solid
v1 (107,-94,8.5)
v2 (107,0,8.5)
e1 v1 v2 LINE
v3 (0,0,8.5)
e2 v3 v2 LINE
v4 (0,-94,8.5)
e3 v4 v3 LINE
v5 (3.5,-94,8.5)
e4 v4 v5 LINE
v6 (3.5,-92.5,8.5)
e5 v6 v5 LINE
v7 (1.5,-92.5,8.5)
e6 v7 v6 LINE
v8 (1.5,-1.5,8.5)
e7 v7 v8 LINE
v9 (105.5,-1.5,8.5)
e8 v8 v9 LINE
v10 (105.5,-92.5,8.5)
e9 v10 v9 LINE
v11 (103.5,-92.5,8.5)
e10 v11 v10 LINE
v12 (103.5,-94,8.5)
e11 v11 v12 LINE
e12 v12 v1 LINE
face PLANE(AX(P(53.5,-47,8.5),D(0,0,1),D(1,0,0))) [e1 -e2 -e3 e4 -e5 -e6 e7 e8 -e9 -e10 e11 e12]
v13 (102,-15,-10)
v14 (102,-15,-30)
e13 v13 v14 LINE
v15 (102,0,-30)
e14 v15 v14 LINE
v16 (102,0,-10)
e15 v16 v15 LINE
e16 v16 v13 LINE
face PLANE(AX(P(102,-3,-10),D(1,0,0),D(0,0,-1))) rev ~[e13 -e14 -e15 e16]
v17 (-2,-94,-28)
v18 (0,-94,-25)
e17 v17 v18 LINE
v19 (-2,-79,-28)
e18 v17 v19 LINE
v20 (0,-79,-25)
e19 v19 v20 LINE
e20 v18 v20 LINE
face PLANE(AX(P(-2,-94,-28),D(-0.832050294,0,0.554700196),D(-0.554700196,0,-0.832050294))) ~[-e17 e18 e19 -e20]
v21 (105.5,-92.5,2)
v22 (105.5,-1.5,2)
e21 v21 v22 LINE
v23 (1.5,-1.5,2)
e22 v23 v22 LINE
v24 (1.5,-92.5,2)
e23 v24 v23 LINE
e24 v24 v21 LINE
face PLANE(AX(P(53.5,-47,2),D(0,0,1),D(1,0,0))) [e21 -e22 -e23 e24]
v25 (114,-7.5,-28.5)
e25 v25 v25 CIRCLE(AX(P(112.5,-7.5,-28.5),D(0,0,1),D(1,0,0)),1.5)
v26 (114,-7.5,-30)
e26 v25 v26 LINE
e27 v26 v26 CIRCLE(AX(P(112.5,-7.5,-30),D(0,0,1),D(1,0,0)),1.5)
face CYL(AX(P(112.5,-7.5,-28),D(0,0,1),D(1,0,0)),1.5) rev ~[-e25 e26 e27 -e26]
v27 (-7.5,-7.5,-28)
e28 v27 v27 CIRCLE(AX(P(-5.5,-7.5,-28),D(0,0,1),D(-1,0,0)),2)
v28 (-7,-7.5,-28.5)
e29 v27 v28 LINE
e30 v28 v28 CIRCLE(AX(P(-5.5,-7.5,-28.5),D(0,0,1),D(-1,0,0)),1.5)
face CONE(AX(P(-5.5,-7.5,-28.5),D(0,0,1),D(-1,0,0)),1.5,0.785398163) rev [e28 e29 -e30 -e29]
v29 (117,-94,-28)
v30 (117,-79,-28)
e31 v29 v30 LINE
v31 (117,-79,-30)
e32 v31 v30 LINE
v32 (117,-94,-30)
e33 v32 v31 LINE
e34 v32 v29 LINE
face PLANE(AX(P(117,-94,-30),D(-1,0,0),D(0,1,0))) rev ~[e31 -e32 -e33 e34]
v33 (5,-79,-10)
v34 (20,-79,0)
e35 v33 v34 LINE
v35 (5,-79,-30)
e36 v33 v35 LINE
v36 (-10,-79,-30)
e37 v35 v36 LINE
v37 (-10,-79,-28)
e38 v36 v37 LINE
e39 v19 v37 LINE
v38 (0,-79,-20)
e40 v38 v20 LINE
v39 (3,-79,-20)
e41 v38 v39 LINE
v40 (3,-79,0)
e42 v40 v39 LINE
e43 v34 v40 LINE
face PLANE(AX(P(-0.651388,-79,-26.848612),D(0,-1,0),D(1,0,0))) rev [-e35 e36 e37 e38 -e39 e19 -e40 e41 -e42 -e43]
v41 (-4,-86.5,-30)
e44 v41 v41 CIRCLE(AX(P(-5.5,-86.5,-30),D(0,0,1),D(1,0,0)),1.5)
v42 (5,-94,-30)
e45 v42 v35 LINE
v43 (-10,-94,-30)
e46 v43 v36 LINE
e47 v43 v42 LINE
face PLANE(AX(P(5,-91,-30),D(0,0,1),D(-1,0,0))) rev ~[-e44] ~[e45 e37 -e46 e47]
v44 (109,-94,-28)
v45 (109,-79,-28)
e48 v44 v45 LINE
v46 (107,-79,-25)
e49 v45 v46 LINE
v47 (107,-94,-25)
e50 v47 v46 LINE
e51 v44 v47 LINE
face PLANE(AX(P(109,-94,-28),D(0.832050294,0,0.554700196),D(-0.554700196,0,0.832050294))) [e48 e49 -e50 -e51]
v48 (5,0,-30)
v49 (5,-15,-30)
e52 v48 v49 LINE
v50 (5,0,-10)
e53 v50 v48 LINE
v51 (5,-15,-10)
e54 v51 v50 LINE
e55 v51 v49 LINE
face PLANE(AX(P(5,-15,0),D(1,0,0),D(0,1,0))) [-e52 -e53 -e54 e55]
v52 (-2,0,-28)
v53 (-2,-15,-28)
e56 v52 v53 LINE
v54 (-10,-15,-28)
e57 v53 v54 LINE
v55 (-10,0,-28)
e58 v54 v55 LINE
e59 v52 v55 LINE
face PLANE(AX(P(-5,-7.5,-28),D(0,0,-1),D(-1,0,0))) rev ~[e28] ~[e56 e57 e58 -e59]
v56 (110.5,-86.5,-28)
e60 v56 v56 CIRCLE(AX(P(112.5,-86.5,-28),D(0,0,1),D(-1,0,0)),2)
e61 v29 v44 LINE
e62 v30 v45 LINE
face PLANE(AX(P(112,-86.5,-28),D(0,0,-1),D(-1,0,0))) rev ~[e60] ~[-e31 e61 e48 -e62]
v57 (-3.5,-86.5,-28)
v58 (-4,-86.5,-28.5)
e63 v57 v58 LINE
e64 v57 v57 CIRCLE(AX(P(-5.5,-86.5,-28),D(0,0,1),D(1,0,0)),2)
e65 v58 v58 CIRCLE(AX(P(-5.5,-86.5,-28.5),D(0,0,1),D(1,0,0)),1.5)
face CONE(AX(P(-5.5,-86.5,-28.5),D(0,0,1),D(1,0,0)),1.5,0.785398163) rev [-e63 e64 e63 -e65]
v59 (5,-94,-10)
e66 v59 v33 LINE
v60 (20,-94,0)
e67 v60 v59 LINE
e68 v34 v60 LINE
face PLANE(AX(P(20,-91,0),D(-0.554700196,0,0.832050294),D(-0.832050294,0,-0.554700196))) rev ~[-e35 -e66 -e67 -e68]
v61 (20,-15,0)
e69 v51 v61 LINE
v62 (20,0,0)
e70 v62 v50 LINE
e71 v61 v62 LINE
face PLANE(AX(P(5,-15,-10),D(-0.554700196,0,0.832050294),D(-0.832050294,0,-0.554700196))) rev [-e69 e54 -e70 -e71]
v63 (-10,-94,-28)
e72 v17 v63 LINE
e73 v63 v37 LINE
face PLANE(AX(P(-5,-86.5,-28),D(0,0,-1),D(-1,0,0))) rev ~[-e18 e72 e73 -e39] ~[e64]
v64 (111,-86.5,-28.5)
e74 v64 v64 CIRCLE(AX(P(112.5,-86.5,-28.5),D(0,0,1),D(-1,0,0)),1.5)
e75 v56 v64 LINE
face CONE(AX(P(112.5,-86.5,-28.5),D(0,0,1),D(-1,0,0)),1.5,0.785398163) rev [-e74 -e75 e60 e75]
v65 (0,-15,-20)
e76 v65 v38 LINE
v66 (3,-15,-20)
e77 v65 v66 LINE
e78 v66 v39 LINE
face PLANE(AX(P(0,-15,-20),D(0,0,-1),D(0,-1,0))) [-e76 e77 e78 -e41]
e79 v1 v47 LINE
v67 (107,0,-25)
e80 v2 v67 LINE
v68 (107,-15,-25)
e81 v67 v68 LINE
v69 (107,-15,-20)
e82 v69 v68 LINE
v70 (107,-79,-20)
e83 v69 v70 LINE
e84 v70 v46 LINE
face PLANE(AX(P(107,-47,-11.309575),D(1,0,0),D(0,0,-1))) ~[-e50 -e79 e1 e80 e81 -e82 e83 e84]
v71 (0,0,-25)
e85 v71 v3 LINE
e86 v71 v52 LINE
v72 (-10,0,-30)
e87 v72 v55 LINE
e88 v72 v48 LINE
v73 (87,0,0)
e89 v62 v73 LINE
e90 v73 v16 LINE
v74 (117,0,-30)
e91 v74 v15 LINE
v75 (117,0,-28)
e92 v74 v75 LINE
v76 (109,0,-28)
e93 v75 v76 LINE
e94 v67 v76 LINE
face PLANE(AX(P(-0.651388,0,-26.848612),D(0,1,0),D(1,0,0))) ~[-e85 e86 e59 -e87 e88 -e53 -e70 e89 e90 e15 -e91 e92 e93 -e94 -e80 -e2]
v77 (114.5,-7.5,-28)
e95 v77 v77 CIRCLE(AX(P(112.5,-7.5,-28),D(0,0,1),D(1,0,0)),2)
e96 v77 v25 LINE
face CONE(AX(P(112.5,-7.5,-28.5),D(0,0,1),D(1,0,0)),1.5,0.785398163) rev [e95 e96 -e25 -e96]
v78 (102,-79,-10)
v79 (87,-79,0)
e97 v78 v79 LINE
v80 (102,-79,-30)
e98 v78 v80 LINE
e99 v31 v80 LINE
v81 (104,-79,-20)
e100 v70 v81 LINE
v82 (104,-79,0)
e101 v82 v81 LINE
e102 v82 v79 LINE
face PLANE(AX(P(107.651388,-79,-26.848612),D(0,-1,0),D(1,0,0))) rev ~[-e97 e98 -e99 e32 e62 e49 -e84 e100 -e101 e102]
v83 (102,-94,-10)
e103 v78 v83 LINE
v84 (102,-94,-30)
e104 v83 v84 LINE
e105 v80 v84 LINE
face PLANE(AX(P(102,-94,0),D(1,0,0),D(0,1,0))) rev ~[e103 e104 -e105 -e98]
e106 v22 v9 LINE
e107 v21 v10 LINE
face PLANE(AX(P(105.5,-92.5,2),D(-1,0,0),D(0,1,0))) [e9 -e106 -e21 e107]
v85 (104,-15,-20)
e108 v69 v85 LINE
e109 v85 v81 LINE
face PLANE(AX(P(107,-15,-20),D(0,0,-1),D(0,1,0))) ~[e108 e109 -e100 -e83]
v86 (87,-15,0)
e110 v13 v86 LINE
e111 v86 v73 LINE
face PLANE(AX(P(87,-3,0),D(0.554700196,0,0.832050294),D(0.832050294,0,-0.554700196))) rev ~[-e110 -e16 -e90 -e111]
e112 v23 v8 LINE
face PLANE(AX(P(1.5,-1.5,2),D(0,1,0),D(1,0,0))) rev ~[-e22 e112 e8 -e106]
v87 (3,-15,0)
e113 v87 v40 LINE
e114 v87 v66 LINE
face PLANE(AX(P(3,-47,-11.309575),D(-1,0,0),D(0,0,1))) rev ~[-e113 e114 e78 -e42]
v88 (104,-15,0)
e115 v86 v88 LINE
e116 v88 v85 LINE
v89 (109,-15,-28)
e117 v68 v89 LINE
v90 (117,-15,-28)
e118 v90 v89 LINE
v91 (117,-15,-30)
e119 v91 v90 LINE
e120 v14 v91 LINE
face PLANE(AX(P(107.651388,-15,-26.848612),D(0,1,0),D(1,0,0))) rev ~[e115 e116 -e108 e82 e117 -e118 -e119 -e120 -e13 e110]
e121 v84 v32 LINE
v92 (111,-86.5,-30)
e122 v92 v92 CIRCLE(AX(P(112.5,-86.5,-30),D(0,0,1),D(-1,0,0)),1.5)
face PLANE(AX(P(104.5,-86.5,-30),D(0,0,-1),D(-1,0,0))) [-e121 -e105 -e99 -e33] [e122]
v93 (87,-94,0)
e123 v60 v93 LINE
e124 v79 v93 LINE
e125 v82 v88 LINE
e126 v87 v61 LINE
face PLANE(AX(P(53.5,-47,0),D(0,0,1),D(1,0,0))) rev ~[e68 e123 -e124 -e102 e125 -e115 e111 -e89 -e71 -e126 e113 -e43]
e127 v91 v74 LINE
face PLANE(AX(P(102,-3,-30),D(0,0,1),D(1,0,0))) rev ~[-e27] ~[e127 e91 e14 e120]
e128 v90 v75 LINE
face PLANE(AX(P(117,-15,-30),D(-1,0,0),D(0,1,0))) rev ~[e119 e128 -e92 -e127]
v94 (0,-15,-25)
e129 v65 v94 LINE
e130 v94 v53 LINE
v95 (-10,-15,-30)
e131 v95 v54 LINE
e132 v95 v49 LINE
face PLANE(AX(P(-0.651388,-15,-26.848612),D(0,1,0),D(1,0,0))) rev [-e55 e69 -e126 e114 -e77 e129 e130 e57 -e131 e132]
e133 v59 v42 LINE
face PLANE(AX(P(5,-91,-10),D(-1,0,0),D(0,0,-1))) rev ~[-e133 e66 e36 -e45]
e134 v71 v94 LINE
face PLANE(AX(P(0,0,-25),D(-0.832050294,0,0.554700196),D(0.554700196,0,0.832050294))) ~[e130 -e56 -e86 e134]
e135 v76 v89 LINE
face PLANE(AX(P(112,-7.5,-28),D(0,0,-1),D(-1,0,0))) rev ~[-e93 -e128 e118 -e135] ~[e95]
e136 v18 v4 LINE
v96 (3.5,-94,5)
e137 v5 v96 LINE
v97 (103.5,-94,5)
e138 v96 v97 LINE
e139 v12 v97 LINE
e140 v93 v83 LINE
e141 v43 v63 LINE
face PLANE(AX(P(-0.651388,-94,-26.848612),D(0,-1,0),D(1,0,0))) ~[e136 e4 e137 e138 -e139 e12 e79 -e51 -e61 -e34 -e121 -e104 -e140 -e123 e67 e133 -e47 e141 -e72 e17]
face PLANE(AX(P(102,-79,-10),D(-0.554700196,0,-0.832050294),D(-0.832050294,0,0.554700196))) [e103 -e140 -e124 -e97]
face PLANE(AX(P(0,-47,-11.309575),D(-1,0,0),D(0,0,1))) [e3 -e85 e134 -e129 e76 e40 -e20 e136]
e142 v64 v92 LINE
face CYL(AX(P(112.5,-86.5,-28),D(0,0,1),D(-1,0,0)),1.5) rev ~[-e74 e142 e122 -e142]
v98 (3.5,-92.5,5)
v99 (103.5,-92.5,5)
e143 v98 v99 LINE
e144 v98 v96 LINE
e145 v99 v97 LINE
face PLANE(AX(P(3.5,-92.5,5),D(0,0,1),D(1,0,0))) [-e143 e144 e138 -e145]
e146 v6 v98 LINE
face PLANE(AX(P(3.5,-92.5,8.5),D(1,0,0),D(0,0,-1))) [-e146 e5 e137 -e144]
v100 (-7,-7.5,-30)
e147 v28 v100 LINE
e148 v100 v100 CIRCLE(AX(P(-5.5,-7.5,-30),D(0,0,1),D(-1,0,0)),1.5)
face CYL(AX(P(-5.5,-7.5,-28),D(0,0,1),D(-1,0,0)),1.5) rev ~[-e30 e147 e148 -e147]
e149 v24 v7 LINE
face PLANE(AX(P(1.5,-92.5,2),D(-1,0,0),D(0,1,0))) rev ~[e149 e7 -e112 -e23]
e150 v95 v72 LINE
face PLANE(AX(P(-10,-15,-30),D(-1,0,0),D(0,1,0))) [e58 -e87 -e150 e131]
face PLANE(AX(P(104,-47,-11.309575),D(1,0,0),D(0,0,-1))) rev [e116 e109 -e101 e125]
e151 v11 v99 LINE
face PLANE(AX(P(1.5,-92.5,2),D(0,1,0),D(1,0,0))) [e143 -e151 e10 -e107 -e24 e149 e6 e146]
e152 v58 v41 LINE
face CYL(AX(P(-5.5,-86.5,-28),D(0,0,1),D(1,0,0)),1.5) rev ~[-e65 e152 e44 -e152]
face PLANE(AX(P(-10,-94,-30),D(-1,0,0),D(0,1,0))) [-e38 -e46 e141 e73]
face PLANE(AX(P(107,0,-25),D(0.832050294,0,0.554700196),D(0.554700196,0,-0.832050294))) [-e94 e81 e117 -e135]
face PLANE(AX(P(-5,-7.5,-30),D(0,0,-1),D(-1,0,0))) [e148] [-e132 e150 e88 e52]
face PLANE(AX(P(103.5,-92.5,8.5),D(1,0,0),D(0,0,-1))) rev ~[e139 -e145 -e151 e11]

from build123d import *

# Parameters (mm, degrees)
SKETCH_1_W               = 107
SKETCH_1_H               = 94
EXTRUDE_1_DEPTH          = 2
SKETCH_2_W               = 107
SKETCH_2_H               = 94
SKETCH_2_W_2             = 104
SKETCH_2_H_2             = 91
EXTRUDE_2_DEPTH          = 6.5
SKETCH_5_W               = 100
SKETCH_5_H               = 3.5
CUT_EXTRUDE_2_DEPTH      = 1.5
SKETCH_3_W               = 5
SKETCH_3_H               = 15
EXTRUDE_3_DEPTH          = 30
CUT_EXTRUDE_3_DEPTH      = 148.537283424
CUT_EXTRUDE_3_DEPTH_BACK = 30
SKETCH_6_W               = 3
SKETCH_6_H               = 9
SKETCH_7_W               = 10
SKETCH_7_H               = 15
EXTRUDE_4_DEPTH          = 2
SKETCH_8_R               = 1.5
CUT_EXTRUDE_4_DEPTH      = 2
CHAMFER_1_SIZE           = 0.5
EXTRUDE_5_DEPTH          = 3
EXTRUDE_6_DEPTH          = 3
EXTRUDE_7_DEPTH          = 3
MIRROR_2_COPY_1_DEPTH    = 3
EXTRUDE_8_DEPTH          = 15
EXTRUDE_9_DEPTH          = 15
EXTRUDE_10_DEPTH         = 9
EXTRUDE_11_DEPTH         = 9
EXTRUDE_12_DEPTH         = 3


with BuildPart() as part:
    # 草图1 → 凸台-拉伸1 (new body)
    with BuildSketch(Plane.XY):
        with Locations((53.5, -47)):
            Rectangle(SKETCH_1_W, SKETCH_1_H)
    extrude(amount=EXTRUDE_1_DEPTH)

    # 草图2 → 凸台-拉伸2 (add)
    with BuildSketch(Plane.XY.offset(2)):
        with Locations((53.5, -47)):
            Rectangle(SKETCH_2_W, SKETCH_2_H)
        with Locations((53.5, -47)):
            Rectangle(SKETCH_2_W_2, SKETCH_2_H_2, mode=Mode.SUBTRACT)
    extrude(amount=EXTRUDE_2_DEPTH)

    # 草图5 → 切除-拉伸2 (cut)
    with BuildSketch(Plane(origin=(0, -92.5, 0), x_dir=(1, 0, 0), z_dir=(0, 1, 0))):
        with Locations((53.5, -6.75)):
            Rectangle(SKETCH_5_W, SKETCH_5_H)
    extrude(amount=-CUT_EXTRUDE_2_DEPTH, mode=Mode.SUBTRACT)

    # 草图3 → 凸台-拉伸3 (add)
    with BuildSketch(Plane(origin=(0, 0, 0), x_dir=(-1, 0, 0), z_dir=(0, 0, -1))):
        with Locations((-2.5, -7.5)):
            Rectangle(SKETCH_3_W, SKETCH_3_H)
        with Locations((-104.5, -7.5)):
            Rectangle(SKETCH_3_W, SKETCH_3_H)
        with Locations((-2.5, -86.5)):
            Rectangle(SKETCH_3_W, SKETCH_3_H)
        with Locations((-104.5, -86.5)):
            Rectangle(SKETCH_3_W, SKETCH_3_H)
    extrude(amount=EXTRUDE_3_DEPTH)

    # 草图6 → 切除-拉伸3 (cut, two sides: drawn at the far end of the back side and taken through both)
    with BuildSketch(Plane(origin=(0, 0, -30), x_dir=(-1, 0, 0), z_dir=(0, 0, -1)).offset(-CUT_EXTRUDE_3_DEPTH_BACK)):
        with Locations((-103.5, -7.5)):
            Rectangle(SKETCH_6_W, SKETCH_6_H)
        with Locations((-103.5, -86.5)):
            Rectangle(SKETCH_6_W, SKETCH_6_H)
        with Locations((-3.5, -86.5)):
            Rectangle(SKETCH_6_W, SKETCH_6_H)
        with Locations((-3.5, -7.5)):
            Rectangle(SKETCH_6_W, SKETCH_6_H)
    extrude(amount=CUT_EXTRUDE_3_DEPTH + CUT_EXTRUDE_3_DEPTH_BACK, mode=Mode.SUBTRACT)

    # 草图7 → 凸台-拉伸4 (add)
    with BuildSketch(Plane(origin=(0, 0, -30), x_dir=(-1, 0, 0), z_dir=(0, 0, -1))):
        with Locations((5, -7.5)):
            Rectangle(SKETCH_7_W, SKETCH_7_H)
        with Locations((5, -86.5)):
            Rectangle(SKETCH_7_W, SKETCH_7_H)
        with Locations((-112, -7.5)):
            Rectangle(SKETCH_7_W, SKETCH_7_H)
        with Locations((-112, -86.5)):
            Rectangle(SKETCH_7_W, SKETCH_7_H)
    extrude(amount=-EXTRUDE_4_DEPTH)

    # 草图8 → 切除-拉伸4 (cut)
    with BuildSketch(Plane.XY.offset(-28)):
        with Locations((112.5, -7.5)):
            Circle(SKETCH_8_R)
        with Locations(Location((112.5, -86.5, 0), (0, 0, 180))):
            Circle(SKETCH_8_R)
        with Locations(Location((-5.5, -7.5, 0), (0, 0, 180))):
            Circle(SKETCH_8_R)
        with Locations((-5.5, -86.5)):
            Circle(SKETCH_8_R)
    extrude(amount=-CUT_EXTRUDE_4_DEPTH, mode=Mode.SUBTRACT)

    # 倒角1
    chamfer_1_edges = [part.edges().sort_by_distance(p)[0] for p in [
        (114, -86.5, -28),
        (-4, -7.5, -28),
        (-7, -86.5, -28),
        (111, -7.5, -28),
    ]]
    chamfer(chamfer_1_edges, length=CHAMFER_1_SIZE)

    # 草图9 → 凸台-拉伸5 (add)
    with BuildSketch(Plane.XZ.offset(94)):
        Polygon((87, 0), (102, -10), (102, 0), align=None)
        Polygon((5, 0), (20, 0), (5, -10), align=None)
    extrude_5 = extrude(amount=-EXTRUDE_5_DEPTH)

    # 草图10 → 凸台-拉伸6 (add)
    with BuildSketch(Plane(origin=(0, -79, 0), x_dir=(1, 0, 0), z_dir=(0, 1, 0))):
        Polygon((102, 10), (87, 0), (102, 0), align=None)
        Polygon((5, 0), (5, 10), (20, 0), align=None)
    extrude_6 = extrude(amount=-EXTRUDE_6_DEPTH)

    # 草图11 → 凸台-拉伸7 (add)
    with BuildSketch(Plane.ZY):
        Polygon((-20, -79), (0, -69), (0, -79), align=None)
    extrude_7 = extrude(amount=-EXTRUDE_7_DEPTH)

    # 镜向1: 凸台-拉伸7 across plane
    add(extrude_7.mirror(Plane(origin=(53.5, 0, 0), x_dir=(0, 0, 1), z_dir=(1, 0, 0))))

    # 镜向2: 凸台-拉伸5, 凸台-拉伸6, 凸台-拉伸7 across plane
    add(extrude_5.mirror(Plane.ZX.offset(-47)))
    add(extrude_6.mirror(Plane.ZX.offset(-47)))
    add(extrude_7.mirror(Plane.ZX.offset(-47)))

    # 镜向2 copy 1 sketch → 镜向2 copy 1 (add)
    with BuildSketch(Plane(origin=(107, -94, 0), x_dir=(0, 0, 1), z_dir=(1, 0, 0))):
        Polygon((-20, -79), (0, -69), (0, -79), align=None)
    extrude(amount=-MIRROR_2_COPY_1_DEPTH)

    # 草图12 → 凸台-拉伸8 (add)
    with BuildSketch(Plane(origin=(0, 0, 0), x_dir=(1, 0, 0), z_dir=(0, 1, 0))):
        Polygon((107, 25), (109, 28), (107, 28), align=None)
    extrude_8 = extrude(amount=-EXTRUDE_8_DEPTH)

    # 草图13 → 凸台-拉伸9 (add)
    with BuildSketch(Plane.XZ.offset(94)):
        Polygon((109, -28), (107, -25), (107, -28), align=None)
    extrude_9 = extrude(amount=-EXTRUDE_9_DEPTH)

    # 镜向3: 凸台-拉伸8, 凸台-拉伸9 across plane
    add(extrude_8.mirror(Plane(origin=(53.5, 0, 0), x_dir=(0, 0, 1), z_dir=(1, 0, 0))))
    add(extrude_9.mirror(Plane(origin=(53.5, 0, 0), x_dir=(0, 0, 1), z_dir=(1, 0, 0))))

    # 草图14 → 凸台-拉伸10 (add)
    with BuildSketch(Plane(origin=(0, -91, 0), x_dir=(1, 0, 0), z_dir=(0, 1, 0))):
        Polygon((2, 30), (2, 0), (20, 0), (5, 10), (5, 30), align=None)
        Polygon((102, 30), (102, 10), (87, 0), (105, 0), (105, 30), align=None)
    extrude(amount=EXTRUDE_10_DEPTH)

    # 草图15 → 凸台-拉伸11 (add)
    with BuildSketch(Plane.XZ.offset(3)):
        Polygon((105, -30), (105, 0), (87, 0), (102, -10), (102, -30), align=None)
        Polygon((5, -30), (5, -10), (20, 0), (2, 0), (2, -30), align=None)
    extrude(amount=EXTRUDE_11_DEPTH)

    # 草图17 → 凸台-拉伸12 (add)
    with BuildSketch(Plane.ZY):
        Polygon((-20, -15), (-20, -79), (0, -69), (0, -25), align=None)
    extrude_12 = extrude(amount=-EXTRUDE_12_DEPTH)

    # 镜向4: 凸台-拉伸12 across plane
    add(extrude_12.mirror(Plane(origin=(53.5, 0, 0), x_dir=(0, 0, 1), z_dir=(1, 0, 0))))


solid = part.part
